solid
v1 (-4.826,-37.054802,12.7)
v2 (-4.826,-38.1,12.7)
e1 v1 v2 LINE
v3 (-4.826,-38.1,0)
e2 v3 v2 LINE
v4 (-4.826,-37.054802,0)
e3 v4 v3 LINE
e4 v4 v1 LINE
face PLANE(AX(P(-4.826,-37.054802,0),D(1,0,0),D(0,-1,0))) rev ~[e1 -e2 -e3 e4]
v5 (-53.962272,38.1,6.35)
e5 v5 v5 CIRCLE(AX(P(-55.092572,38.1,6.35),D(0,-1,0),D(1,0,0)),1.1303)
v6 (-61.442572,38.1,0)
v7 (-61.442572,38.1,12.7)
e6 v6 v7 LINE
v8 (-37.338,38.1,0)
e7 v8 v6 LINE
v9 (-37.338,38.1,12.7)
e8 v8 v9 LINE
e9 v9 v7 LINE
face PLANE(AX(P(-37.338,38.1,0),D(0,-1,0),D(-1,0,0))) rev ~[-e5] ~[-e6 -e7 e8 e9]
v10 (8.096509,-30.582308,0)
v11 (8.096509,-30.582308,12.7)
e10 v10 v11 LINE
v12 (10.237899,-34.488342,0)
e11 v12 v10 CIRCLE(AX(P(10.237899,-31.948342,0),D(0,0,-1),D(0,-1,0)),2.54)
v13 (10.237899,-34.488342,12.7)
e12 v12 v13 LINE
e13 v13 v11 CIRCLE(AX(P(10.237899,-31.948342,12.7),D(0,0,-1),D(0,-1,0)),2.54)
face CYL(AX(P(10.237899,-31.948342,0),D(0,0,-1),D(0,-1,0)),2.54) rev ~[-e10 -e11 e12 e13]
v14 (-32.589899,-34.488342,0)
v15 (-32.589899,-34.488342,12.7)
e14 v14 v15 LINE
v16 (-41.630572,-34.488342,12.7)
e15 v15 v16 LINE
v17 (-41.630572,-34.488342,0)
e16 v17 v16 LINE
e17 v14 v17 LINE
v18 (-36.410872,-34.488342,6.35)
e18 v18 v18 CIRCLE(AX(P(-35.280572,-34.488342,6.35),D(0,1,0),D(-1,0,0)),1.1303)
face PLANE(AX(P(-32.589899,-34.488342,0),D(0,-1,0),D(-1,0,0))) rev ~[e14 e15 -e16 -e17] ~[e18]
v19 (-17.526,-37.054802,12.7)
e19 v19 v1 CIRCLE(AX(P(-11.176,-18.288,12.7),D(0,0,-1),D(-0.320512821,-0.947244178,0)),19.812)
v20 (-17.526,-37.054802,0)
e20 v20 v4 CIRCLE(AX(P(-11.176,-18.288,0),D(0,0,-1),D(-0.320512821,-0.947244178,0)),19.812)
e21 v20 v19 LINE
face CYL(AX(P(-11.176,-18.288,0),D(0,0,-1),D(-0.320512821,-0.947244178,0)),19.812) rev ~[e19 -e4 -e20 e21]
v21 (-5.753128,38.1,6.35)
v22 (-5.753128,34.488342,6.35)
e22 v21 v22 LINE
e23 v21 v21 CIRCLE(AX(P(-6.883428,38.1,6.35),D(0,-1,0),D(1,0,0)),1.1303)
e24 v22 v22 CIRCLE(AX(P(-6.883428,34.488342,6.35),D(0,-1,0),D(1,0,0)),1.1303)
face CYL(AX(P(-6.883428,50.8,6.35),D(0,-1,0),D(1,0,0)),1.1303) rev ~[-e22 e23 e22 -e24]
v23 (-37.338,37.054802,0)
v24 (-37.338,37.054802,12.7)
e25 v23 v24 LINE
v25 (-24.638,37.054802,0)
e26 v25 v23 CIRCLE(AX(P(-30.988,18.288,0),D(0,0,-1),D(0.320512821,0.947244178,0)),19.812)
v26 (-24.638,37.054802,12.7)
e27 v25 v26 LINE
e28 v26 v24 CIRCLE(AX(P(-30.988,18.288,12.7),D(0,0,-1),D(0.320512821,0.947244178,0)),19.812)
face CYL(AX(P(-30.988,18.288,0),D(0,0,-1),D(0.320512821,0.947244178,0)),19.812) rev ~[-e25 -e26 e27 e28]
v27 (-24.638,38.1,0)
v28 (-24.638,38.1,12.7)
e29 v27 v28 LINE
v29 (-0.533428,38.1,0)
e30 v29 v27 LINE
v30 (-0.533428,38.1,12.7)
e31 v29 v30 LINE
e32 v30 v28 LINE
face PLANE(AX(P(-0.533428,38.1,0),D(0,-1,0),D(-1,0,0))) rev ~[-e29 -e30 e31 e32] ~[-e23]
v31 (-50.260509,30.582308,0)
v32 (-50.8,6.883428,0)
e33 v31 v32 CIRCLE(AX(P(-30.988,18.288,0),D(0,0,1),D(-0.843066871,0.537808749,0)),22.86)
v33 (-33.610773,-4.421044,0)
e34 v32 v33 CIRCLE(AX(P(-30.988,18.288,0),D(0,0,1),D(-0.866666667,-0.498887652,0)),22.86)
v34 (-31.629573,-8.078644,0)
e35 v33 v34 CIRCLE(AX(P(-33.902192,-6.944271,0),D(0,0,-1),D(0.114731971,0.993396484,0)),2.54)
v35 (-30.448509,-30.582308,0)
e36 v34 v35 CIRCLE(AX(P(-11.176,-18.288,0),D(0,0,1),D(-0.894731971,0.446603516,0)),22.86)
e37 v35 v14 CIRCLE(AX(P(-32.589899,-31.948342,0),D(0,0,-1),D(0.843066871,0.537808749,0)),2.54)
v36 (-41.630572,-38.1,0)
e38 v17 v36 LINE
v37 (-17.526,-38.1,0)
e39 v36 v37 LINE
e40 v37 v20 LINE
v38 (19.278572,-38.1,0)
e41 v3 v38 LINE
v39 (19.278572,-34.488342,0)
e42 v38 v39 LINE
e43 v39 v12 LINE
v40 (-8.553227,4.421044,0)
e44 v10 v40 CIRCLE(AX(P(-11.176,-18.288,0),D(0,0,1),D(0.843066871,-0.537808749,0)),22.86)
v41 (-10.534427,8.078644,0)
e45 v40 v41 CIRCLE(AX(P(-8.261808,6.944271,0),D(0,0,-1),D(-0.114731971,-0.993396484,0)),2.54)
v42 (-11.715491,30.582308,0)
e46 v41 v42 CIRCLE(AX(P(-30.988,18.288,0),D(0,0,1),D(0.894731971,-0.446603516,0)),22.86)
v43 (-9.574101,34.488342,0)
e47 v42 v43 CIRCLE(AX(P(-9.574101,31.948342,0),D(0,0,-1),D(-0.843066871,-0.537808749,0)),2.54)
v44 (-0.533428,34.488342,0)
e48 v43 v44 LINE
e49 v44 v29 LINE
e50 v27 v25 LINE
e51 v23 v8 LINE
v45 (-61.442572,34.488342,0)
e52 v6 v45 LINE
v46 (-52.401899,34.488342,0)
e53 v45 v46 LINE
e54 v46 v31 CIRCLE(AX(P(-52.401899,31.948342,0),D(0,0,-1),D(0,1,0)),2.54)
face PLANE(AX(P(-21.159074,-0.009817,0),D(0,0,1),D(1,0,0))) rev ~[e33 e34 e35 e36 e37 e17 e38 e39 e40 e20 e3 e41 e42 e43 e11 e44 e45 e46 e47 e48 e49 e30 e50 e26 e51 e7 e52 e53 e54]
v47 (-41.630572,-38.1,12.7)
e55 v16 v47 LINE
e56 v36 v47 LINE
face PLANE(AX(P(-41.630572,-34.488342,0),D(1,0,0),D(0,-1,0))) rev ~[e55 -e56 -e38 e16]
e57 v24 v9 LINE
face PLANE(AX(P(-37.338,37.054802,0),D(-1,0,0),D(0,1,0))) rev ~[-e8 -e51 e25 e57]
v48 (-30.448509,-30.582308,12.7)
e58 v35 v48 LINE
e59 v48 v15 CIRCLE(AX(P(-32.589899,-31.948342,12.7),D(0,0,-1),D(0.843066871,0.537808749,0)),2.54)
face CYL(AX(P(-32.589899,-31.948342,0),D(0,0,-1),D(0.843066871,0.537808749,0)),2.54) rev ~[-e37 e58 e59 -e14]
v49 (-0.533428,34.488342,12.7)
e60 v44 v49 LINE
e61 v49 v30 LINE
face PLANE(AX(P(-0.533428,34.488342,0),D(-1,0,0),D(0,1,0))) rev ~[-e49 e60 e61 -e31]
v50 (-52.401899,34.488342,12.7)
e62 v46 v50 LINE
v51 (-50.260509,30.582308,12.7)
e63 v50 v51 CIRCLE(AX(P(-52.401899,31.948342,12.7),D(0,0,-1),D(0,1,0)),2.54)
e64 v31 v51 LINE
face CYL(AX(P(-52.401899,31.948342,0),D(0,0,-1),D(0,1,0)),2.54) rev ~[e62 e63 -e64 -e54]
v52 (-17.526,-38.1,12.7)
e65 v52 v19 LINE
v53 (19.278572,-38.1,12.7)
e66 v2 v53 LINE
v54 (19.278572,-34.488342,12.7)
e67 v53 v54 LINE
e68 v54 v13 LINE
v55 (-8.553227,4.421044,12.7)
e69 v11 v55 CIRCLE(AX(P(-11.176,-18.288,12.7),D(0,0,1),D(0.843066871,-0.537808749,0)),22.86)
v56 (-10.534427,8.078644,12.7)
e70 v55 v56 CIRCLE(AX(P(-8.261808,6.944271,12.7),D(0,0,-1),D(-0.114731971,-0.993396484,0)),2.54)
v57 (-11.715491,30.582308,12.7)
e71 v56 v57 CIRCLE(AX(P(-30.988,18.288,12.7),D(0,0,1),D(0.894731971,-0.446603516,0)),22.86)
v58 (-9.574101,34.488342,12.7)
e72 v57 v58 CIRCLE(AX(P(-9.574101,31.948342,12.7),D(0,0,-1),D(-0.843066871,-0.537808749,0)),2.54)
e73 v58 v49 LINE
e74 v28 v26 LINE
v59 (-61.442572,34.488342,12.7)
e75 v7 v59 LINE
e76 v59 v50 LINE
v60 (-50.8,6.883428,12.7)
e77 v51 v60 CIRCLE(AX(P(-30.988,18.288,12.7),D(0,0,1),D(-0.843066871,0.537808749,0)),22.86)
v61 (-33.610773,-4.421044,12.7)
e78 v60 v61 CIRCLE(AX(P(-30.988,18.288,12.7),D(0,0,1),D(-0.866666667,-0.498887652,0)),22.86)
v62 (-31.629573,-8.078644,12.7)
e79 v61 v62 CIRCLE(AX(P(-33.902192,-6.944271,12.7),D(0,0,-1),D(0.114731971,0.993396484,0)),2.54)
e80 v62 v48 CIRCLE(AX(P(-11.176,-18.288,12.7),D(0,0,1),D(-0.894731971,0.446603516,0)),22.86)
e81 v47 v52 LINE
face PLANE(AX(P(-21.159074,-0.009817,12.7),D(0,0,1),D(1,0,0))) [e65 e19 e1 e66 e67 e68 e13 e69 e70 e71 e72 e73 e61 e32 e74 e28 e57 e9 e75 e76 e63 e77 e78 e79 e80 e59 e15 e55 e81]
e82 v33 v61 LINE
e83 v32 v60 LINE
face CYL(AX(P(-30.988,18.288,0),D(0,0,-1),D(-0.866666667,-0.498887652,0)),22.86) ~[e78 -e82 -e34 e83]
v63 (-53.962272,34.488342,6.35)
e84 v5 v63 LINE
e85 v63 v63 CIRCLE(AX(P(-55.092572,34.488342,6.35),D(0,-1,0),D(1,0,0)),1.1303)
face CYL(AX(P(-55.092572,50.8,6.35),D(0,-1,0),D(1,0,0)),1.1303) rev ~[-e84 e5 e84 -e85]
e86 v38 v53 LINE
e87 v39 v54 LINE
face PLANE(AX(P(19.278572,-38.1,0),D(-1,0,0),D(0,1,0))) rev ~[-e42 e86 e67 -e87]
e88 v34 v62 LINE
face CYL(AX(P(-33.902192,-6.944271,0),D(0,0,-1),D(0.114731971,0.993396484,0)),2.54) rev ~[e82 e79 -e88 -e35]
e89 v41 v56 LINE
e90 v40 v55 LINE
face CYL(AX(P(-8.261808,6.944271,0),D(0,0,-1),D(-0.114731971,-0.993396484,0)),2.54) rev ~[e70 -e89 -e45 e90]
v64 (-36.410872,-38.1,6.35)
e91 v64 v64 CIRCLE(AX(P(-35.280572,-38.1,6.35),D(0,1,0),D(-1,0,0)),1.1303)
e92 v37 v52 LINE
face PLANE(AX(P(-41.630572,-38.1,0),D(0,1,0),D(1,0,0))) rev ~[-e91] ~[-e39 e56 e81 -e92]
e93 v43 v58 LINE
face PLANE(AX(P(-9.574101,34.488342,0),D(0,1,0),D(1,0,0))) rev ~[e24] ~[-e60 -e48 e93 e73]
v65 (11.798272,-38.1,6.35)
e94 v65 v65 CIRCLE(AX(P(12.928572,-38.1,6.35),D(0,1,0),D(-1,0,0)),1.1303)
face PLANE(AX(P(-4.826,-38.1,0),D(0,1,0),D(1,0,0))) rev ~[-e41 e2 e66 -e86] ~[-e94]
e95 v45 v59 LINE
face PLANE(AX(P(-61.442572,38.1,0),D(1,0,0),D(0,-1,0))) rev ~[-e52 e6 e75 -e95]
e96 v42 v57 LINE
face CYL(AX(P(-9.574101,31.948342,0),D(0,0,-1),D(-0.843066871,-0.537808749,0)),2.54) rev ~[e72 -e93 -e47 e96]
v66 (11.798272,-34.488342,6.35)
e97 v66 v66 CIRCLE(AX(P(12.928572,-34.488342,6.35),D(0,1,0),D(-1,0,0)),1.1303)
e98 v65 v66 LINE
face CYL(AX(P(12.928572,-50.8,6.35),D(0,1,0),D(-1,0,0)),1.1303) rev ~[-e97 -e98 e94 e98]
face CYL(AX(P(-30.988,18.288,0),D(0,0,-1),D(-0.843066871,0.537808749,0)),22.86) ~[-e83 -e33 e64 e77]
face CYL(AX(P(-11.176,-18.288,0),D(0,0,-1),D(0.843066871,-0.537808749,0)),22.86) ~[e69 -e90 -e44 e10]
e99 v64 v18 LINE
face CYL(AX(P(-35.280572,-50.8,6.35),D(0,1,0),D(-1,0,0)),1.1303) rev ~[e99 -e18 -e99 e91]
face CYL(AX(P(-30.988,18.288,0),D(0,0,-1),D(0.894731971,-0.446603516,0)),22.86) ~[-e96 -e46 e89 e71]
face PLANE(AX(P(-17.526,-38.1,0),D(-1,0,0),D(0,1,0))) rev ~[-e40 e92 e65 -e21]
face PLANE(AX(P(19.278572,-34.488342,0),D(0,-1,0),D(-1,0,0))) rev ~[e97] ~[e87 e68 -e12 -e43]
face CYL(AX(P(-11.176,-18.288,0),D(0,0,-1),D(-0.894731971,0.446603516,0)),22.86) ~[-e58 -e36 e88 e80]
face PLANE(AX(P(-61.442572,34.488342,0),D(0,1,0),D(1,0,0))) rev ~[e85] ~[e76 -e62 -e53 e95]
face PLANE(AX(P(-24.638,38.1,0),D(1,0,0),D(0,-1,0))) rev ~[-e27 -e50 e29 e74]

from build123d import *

# Parameters (mm, degrees)
F1_DEPTH       = 12.7
F6_D           = 2.2606
F6_DEPTH       = 12.7
F6_TIP         = 0.6791527577
F6_ON_F5_D     = 2.2606
F6_ON_F5_DEPTH = 12.7
F6_ON_F5_TIP   = 0.6791527577
F6_ON_F2_D     = 2.2606
F6_ON_F2_DEPTH = 12.7
F6_ON_F2_TIP   = 0.6791527577
F6_ON_F3_D     = 2.2606
F6_ON_F3_DEPTH = 12.7
F6_ON_F3_TIP   = 0.6791527577


with BuildPart() as f1:
    # F0 (on Top) → F1 (new body)
    with BuildSketch(Plane.XY):
        with BuildLine():
            Line((0.2285717149, -38.1), (19.2785717149, -38.1))
            Line((19.2785717149, -38.1), (19.2785717149, -34.4883422186))
            Line((19.2785717149, -34.4883422186), (10.2378985351, -34.4883422186))
            ThreePointArc((10.2378985351, -34.4883422186), (8.0106438434, -33.1693813409), (8.0965086816, -30.5823079967))
            ThreePointArc((8.0965086816, -30.5823079967), (9.4676308494, -8.4686260202), (-8.553227146, 4.4210436293))
            ThreePointArc((-8.553227146, 4.4210436293), (-10.495209535, 5.7345115019), (-10.534427146, 8.0786436293))
            ThreePointArc((-10.534427146, 8.0786436293), (-8.1594188782, 19.4861168414), (-11.7154913184, 30.5823079967))
            ThreePointArc((-11.7154913184, 30.5823079967), (-11.8013561566, 33.1693813409), (-9.5741014649, 34.4883422186))
            Line((-9.5741014649, 34.4883422186), (-0.5334282851, 34.4883422186))
            Line((-0.5334282851, 34.4883422186), (-0.5334282851, 38.1))
            Line((-0.5334282851, 38.1), (-24.638, 38.1))
            Line((-24.638, 38.1), (-24.638, 37.0548016455))
            ThreePointArc((-24.638, 37.0548016455), (-30.988, -1.524), (-37.338, 37.0548016455))
            Line((-37.338, 37.0548016455), (-37.338, 38.1))
            Line((-37.338, 38.1), (-61.4425717149, 38.1))
            Line((-61.4425717149, 38.1), (-61.4425717149, 34.4883422186))
            Line((-61.4425717149, 34.4883422186), (-52.4018985351, 34.4883422186))
            ThreePointArc((-52.4018985351, 34.4883422186), (-50.1746438434, 33.1693813409), (-50.2605086816, 30.5823079967))
            ThreePointArc((-50.2605086816, 30.5823079967), (-53.8420790586, 18.8082599192), (-50.8, 6.8834282851))
            ThreePointArc((-50.8, 6.8834282851), (-43.5489525741, -0.8117924185), (-33.610772854, -4.4210436293))
            ThreePointArc((-33.610772854, -4.4210436293), (-31.668790465, -5.7345115019), (-31.629572854, -8.0786436293))
            ThreePointArc((-31.629572854, -8.0786436293), (-34.0045811218, -19.4861168414), (-30.4485086816, -30.5823079967))
            ThreePointArc((-30.4485086816, -30.5823079967), (-30.3626438434, -33.1693813409), (-32.5898985351, -34.4883422186))
            Line((-32.5898985351, -34.4883422186), (-41.6305717149, -34.4883422186))
            Line((-41.6305717149, -34.4883422186), (-41.6305717149, -38.1))
            Line((-41.6305717149, -38.1), (-22.5805717149, -38.1))
            Line((-22.5805717149, -38.1), (-17.526, -38.1))
            Line((-17.526, -38.1), (-17.526, -37.0548016455))
            ThreePointArc((-17.526, -37.0548016455), (-11.176, 1.524), (-4.826, -37.0548016455))
            Line((-4.826, -37.0548016455), (-4.826, -38.1))
            Line((-4.826, -38.1), (0.2285717149, -38.1))
        make_face()
    extrude(amount=F1_DEPTH)

    # F6
    with Locations(Plane(origin=(0, 38.1, 0), x_dir=(-1, 0, 0), z_dir=(0, 1, 0))):
        with Locations((55.0925717149, 6.35)):
            Hole(F6_D / 2, depth=F6_DEPTH)
            with Locations((0, 0, -(F6_DEPTH + F6_TIP / 2))):  # 118° drill point
                Cone(0, F6_D / 2, F6_TIP, mode=Mode.SUBTRACT)

    # F6 on F5
    with Locations(Plane(origin=(0, 38.1, 0), x_dir=(-1, 0, 0), z_dir=(0, 1, 0))):
        with Locations((6.8834282851, 6.35)):
            Hole(F6_ON_F5_D / 2, depth=F6_ON_F5_DEPTH)
            with Locations((0, 0, -(F6_ON_F5_DEPTH + F6_ON_F5_TIP / 2))):  # 118° drill point
                Cone(0, F6_ON_F5_D / 2, F6_ON_F5_TIP, mode=Mode.SUBTRACT)

    # F6 on F2
    with Locations(Plane.XZ.offset(38.1)):
        with Locations((-35.2805717149, 6.35)):
            Hole(F6_ON_F2_D / 2, depth=F6_ON_F2_DEPTH)
            with Locations((0, 0, -(F6_ON_F2_DEPTH + F6_ON_F2_TIP / 2))):  # 118° drill point
                Cone(0, F6_ON_F2_D / 2, F6_ON_F2_TIP, mode=Mode.SUBTRACT)

    # F6 on F3
    with Locations(Plane.XZ.offset(38.1)):
        with Locations((12.9285717149, 6.35)):
            Hole(F6_ON_F3_D / 2, depth=F6_ON_F3_DEPTH)
            with Locations((0, 0, -(F6_ON_F3_DEPTH + F6_ON_F3_TIP / 2))):  # 118° drill point
                Cone(0, F6_ON_F3_D / 2, F6_ON_F3_TIP, mode=Mode.SUBTRACT)


solid = f1.part
